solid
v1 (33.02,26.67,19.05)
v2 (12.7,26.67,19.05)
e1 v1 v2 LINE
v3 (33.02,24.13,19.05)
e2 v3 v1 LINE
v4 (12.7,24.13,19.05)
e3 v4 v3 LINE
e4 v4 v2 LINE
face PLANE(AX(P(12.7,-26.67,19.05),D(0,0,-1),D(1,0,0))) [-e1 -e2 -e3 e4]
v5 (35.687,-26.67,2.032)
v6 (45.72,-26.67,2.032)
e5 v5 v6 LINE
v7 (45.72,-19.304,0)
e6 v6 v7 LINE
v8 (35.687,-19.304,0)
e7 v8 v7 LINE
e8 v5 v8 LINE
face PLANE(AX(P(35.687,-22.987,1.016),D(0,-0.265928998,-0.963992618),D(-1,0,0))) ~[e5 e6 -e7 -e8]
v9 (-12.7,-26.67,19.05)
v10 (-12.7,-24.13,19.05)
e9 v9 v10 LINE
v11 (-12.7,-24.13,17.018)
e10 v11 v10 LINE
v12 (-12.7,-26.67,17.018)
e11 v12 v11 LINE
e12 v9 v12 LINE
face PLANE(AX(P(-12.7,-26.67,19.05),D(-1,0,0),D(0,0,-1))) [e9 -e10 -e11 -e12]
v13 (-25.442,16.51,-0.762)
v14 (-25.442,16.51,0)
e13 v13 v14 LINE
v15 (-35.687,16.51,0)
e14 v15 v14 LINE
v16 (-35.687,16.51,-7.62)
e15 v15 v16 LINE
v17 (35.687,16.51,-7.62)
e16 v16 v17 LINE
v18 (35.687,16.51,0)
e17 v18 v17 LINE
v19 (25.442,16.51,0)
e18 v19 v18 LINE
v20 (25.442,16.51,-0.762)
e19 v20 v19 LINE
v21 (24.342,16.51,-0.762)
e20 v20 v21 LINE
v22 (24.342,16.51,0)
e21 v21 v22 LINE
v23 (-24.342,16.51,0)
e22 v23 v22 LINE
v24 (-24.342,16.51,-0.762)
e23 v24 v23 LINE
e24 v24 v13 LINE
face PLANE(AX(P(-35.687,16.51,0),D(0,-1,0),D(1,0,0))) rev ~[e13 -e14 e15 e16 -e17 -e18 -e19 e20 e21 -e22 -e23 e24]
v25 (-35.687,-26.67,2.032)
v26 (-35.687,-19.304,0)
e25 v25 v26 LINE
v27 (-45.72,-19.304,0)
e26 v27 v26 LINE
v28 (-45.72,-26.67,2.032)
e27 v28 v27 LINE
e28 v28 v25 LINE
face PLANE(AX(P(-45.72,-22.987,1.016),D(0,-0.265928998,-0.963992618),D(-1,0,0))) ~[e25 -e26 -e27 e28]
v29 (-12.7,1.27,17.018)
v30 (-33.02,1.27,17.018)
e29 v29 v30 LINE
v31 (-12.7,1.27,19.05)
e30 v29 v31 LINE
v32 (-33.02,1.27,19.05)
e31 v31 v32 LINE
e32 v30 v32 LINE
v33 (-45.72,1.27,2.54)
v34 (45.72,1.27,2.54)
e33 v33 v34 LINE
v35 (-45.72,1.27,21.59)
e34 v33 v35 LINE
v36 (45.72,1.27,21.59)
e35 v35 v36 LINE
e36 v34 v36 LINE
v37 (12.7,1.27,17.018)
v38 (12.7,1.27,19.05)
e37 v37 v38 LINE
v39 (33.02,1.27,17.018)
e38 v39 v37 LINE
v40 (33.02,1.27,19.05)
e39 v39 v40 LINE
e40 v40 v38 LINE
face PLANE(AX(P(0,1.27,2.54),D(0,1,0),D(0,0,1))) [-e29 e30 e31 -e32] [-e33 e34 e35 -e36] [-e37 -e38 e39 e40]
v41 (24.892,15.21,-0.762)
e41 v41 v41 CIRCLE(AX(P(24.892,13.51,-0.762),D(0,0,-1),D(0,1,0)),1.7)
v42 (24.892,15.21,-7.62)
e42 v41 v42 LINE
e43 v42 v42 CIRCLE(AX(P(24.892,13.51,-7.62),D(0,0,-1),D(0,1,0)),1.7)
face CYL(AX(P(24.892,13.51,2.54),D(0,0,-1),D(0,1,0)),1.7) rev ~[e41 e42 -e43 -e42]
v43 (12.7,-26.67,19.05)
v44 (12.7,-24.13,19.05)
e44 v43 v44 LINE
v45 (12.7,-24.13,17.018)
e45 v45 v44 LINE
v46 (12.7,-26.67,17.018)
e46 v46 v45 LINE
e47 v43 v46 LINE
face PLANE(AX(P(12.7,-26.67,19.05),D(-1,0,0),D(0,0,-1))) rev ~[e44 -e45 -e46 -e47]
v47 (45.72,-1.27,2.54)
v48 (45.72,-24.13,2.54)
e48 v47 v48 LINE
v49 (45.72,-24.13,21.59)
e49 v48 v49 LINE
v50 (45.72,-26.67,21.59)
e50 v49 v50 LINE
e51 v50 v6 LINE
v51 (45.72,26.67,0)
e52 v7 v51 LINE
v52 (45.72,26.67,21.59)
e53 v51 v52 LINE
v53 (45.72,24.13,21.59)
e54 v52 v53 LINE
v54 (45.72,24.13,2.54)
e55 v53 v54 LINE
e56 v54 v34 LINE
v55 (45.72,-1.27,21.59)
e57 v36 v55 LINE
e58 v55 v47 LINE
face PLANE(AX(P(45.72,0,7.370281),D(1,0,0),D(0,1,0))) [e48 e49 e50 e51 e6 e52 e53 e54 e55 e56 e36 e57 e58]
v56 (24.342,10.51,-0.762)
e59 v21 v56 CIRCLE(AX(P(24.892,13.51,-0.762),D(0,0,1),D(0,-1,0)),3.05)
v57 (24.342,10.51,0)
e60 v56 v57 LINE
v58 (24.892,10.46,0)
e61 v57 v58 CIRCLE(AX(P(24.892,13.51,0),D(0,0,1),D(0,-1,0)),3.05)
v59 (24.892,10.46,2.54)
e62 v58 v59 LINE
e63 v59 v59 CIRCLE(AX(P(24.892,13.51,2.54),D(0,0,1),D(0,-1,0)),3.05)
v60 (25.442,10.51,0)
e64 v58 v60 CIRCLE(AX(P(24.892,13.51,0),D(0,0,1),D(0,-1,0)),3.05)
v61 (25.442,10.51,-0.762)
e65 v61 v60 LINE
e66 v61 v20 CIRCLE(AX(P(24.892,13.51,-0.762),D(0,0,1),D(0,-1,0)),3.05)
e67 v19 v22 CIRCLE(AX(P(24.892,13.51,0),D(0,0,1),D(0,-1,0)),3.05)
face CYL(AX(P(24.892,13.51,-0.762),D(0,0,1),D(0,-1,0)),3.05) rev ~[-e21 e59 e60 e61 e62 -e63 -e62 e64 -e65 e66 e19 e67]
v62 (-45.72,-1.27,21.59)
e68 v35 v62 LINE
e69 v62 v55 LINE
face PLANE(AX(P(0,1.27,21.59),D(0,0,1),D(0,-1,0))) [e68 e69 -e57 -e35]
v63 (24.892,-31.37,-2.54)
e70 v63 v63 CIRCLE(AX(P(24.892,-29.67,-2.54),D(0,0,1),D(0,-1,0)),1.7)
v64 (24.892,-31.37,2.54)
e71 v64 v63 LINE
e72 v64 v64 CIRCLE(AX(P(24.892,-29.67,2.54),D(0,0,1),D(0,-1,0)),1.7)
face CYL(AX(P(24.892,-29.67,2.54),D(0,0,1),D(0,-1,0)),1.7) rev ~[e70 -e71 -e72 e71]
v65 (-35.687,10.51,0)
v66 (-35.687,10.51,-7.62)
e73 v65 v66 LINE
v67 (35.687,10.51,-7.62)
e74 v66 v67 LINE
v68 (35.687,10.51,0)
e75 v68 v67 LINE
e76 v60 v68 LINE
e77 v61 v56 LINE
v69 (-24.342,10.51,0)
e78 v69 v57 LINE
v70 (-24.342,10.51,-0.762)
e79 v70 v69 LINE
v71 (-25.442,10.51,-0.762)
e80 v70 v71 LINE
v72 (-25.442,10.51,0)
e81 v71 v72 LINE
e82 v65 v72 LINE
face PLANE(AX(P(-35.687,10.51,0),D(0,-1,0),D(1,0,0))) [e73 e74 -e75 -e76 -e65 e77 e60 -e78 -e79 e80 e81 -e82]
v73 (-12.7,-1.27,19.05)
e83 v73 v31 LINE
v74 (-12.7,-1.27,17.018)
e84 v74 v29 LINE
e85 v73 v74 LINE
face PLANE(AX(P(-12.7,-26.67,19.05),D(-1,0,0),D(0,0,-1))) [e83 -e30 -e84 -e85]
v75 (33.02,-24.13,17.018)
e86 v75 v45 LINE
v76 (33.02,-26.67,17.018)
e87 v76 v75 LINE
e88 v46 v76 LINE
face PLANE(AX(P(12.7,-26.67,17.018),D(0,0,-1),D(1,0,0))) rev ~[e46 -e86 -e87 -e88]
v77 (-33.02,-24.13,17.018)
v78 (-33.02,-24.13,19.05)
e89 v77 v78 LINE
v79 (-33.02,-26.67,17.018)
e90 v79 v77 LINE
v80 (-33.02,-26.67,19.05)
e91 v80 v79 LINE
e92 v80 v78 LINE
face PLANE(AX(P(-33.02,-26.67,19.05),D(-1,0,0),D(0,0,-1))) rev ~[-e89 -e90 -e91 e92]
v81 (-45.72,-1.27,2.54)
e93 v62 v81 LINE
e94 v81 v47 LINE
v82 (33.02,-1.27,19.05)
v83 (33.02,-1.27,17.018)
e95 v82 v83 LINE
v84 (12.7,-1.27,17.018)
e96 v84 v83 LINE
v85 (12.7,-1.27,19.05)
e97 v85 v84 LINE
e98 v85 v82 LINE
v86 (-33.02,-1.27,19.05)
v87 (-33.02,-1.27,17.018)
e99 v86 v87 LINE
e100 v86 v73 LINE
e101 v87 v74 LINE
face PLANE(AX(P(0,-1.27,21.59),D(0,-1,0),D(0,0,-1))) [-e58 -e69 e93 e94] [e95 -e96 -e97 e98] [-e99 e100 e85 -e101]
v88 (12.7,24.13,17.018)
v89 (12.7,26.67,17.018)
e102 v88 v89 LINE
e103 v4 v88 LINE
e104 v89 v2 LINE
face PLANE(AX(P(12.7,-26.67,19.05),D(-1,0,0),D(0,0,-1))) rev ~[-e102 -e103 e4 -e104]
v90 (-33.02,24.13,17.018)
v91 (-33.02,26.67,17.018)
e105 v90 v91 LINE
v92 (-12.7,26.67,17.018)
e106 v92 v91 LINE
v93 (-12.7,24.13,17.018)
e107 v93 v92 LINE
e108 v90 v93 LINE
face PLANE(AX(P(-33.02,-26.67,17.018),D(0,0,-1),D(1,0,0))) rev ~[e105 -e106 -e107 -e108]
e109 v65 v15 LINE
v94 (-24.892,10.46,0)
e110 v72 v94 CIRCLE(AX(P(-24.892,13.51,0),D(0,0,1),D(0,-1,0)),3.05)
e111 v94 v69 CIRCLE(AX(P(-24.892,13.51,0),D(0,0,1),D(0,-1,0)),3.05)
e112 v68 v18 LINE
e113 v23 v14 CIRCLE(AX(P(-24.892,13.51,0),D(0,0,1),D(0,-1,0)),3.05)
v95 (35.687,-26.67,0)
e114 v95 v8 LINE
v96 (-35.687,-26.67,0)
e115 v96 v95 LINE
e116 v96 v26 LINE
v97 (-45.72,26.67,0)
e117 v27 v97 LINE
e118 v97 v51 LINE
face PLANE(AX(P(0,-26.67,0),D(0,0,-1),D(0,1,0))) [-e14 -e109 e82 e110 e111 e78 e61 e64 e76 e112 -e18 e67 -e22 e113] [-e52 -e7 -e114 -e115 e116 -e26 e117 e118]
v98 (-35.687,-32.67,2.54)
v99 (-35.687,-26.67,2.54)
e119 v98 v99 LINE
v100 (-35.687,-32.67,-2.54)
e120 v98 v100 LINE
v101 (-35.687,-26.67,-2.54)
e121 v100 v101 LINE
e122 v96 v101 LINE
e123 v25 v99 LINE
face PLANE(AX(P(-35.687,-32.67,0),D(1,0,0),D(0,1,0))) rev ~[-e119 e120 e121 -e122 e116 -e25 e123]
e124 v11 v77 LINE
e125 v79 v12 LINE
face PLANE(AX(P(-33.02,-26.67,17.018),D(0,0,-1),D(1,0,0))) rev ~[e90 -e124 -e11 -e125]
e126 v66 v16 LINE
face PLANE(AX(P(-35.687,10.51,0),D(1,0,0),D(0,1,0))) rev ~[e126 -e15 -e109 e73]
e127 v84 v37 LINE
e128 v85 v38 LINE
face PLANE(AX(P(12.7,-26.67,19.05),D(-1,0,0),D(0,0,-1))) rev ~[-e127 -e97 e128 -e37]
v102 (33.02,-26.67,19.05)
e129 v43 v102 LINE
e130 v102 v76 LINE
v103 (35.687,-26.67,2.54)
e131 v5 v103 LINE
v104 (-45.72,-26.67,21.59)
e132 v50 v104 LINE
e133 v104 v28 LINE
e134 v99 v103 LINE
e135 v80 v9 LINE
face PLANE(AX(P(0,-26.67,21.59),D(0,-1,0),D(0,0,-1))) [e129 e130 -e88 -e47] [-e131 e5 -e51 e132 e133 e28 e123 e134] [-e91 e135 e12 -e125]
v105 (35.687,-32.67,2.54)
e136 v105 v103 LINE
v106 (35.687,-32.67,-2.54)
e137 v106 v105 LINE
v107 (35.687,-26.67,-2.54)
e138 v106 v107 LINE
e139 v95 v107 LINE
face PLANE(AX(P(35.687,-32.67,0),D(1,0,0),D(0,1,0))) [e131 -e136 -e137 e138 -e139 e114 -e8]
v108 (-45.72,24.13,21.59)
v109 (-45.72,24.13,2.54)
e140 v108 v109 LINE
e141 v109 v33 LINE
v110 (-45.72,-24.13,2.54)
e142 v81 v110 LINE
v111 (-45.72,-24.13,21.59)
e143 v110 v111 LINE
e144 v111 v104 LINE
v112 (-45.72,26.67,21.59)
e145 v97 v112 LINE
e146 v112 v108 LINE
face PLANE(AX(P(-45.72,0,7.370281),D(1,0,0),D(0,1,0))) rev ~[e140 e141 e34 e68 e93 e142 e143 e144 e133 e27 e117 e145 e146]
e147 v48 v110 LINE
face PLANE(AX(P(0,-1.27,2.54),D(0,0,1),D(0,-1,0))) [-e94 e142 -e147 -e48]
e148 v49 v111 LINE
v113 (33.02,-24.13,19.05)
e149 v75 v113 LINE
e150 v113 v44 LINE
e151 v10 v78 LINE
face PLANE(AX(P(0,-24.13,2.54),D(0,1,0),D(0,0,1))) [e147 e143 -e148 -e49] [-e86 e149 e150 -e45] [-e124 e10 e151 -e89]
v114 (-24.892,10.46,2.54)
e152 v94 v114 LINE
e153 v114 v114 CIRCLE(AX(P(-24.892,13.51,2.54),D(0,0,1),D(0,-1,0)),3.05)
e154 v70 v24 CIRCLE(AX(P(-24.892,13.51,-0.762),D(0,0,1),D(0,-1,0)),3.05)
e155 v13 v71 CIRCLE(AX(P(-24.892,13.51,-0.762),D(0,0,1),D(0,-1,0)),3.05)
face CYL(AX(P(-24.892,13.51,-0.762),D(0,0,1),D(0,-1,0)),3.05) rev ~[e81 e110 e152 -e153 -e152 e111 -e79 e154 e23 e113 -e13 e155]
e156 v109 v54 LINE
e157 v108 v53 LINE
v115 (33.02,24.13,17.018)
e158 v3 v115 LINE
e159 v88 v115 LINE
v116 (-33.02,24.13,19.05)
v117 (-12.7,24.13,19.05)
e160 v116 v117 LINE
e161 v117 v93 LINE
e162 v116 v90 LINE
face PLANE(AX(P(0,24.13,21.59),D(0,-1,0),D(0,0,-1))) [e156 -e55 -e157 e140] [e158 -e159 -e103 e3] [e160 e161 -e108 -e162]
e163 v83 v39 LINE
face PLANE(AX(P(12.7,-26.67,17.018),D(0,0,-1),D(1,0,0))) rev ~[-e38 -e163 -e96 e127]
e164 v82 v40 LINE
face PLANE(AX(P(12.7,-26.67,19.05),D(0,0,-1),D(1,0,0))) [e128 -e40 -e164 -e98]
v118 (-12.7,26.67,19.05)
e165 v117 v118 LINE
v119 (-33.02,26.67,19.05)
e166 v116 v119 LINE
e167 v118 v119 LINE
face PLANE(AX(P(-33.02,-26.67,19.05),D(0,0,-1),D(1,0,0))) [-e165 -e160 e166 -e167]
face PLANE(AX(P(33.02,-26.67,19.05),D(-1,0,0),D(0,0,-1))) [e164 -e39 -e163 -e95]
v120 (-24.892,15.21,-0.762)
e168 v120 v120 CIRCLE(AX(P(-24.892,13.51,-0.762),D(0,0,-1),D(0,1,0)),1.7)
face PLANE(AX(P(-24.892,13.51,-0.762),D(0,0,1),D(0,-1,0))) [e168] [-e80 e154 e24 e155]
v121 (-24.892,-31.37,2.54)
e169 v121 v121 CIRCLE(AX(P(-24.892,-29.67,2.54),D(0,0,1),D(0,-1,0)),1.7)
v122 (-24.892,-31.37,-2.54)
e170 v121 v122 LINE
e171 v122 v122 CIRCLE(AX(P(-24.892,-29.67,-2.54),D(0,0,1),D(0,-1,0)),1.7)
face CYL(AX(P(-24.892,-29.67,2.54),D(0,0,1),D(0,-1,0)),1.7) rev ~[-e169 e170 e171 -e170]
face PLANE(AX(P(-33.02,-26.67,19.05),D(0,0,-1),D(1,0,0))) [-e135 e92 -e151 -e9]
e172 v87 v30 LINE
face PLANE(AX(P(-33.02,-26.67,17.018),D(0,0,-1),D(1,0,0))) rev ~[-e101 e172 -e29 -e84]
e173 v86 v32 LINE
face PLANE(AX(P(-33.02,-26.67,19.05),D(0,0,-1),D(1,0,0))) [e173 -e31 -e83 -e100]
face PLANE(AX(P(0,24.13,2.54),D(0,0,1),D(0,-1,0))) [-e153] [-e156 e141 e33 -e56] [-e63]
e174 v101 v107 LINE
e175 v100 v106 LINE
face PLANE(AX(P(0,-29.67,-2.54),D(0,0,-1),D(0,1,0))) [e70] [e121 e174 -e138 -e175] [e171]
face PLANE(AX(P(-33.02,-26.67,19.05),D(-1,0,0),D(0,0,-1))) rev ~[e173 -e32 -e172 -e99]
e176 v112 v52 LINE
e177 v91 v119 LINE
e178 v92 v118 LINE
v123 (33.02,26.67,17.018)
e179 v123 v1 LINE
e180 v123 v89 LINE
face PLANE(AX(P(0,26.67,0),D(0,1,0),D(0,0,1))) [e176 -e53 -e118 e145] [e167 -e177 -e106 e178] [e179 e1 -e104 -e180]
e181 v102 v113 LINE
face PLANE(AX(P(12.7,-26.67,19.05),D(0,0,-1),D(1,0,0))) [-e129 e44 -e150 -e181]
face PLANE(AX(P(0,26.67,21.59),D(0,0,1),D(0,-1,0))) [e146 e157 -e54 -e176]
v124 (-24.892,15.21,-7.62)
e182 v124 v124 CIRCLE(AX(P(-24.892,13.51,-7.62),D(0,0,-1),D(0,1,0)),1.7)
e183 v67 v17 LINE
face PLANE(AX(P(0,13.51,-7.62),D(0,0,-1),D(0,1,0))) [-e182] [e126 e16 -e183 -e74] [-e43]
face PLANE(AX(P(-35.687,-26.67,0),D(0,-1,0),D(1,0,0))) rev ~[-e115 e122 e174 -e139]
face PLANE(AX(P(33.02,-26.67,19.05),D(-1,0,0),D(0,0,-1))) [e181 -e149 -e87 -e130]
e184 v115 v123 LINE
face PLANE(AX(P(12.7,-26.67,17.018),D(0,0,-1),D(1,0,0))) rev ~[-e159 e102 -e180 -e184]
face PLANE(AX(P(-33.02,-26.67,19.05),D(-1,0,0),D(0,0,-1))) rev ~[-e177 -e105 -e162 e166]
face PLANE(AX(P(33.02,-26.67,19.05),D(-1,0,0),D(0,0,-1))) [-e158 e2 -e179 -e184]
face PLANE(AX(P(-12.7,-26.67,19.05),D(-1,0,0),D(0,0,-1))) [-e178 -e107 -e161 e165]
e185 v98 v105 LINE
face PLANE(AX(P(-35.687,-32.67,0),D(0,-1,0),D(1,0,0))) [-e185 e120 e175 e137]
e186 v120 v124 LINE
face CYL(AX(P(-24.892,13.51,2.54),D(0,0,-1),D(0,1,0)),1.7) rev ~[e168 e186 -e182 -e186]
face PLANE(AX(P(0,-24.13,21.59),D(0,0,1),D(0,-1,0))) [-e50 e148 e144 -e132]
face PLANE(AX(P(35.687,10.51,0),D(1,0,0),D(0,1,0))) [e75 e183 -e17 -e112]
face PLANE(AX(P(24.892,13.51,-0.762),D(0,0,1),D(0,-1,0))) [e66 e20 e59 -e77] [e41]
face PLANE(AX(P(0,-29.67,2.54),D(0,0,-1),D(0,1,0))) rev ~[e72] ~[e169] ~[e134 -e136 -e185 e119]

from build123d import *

# Parameters (mm, degrees)
PAD_DEPTH           = 45.72
PAD_DEPTH_BACK      = 45.72
SKETCH001_W         = 2.032
SKETCH001_H         = 20.32
POCKET_DEPTH        = 53.341
SKETCH002_W         = 6
SKETCH002_H         = 71.374
PAD001_DEPTH        = 2.54
PAD001_DEPTH_BACK   = 2.54
SKETCH003_R         = 1.7
HOLE_DEPTH          = 5.081
SKETCH004_W         = 6
SKETCH004_H         = 71.374
PAD002_DEPTH        = 7.62
HOLE001_D           = 3.4
HOLE001_DEPTH       = 24.892
HOLE001_CBORE_D     = 6.1
HOLE001_CBORE_DEPTH = 3.302
CHAMFER_SIZE2       = 7.366
CHAMFER_SIZE        = 2.032


with BuildPart() as part:
    # Sketch → Pad (new body, two sides)
    with BuildSketch(Plane.YZ) as pad_sk:
        Polygon((-26.67, 21.59), (-26.67, 0), (26.67, 0), (26.67, 21.59), (24.13, 21.59), (24.13, 2.54), (1.27, 2.54), (1.27, 21.59), (-1.27, 21.59), (-1.27, 2.54), (-24.13, 2.54), (-24.13, 21.59), align=None)
    extrude(amount=PAD_DEPTH)
    extrude(pad_sk.sketch, amount=-PAD_DEPTH_BACK)

    # Sketch001 (on Face1 of Pad) → Pocket (cut, through all)
    with BuildSketch(Plane(origin=(0, -26.67, 0), x_dir=(0, 0, -1), z_dir=(0, -1, 0))):
        with Locations((-18.034, -22.86)):
            Rectangle(SKETCH001_W, SKETCH001_H)
        with Locations((-18.034, 22.86)):
            Rectangle(SKETCH001_W, SKETCH001_H)
    extrude(amount=-POCKET_DEPTH, mode=Mode.SUBTRACT)

    # Sketch002 (on Face5 of Pocket) → Pad001 (join, two sides)
    with BuildSketch(Plane.YX) as pad001_sk:
        with Locations((-29.67, 0)):
            Rectangle(SKETCH002_W, SKETCH002_H)
    extrude(amount=-PAD001_DEPTH)
    extrude(pad001_sk.sketch, amount=PAD001_DEPTH_BACK)

    # Sketch003 (on Face5 of Pad001) → Hole (cut, through all)
    with BuildSketch(Plane(origin=(0, 0, 2.54), x_dir=(0, -1, 0), z_dir=(0, 0, 1))):
        with Locations((29.67, -24.892)):
            Circle(SKETCH003_R)
        with Locations((29.67, 24.892)):
            Circle(SKETCH003_R)
    extrude(amount=-HOLE_DEPTH, mode=Mode.SUBTRACT)

    # Sketch004 (on Face3 of Hole) → Pad002 (join)
    with BuildSketch(Plane.YX):
        with Locations((13.51, 0)):
            Rectangle(SKETCH004_W, SKETCH004_H)
    extrude(amount=PAD002_DEPTH)

    # Hole001
    with Locations(Plane(origin=(0, 0, 2.54), x_dir=(0, -1, 0), z_dir=(0, 0, 1))):
        with Locations((-13.51, 24.892), (-13.51, -24.892)):
            CounterBoreHole(HOLE001_D / 2, HOLE001_CBORE_D / 2, HOLE001_CBORE_DEPTH, depth=HOLE001_DEPTH)

    # Chamfer
    chamfer_edges = [part.edges().sort_by_distance(p)[0] for p in [
        (-40.7035, -26.67, 0),
        (40.7035, -26.67, 0),
    ]]
    chamfer_side = part.faces().sort_by_distance((0, -26.67, 11.455103))[0]
    chamfer(chamfer_edges, length=CHAMFER_SIZE, length2=CHAMFER_SIZE2, reference=chamfer_side)


solid = part.part
